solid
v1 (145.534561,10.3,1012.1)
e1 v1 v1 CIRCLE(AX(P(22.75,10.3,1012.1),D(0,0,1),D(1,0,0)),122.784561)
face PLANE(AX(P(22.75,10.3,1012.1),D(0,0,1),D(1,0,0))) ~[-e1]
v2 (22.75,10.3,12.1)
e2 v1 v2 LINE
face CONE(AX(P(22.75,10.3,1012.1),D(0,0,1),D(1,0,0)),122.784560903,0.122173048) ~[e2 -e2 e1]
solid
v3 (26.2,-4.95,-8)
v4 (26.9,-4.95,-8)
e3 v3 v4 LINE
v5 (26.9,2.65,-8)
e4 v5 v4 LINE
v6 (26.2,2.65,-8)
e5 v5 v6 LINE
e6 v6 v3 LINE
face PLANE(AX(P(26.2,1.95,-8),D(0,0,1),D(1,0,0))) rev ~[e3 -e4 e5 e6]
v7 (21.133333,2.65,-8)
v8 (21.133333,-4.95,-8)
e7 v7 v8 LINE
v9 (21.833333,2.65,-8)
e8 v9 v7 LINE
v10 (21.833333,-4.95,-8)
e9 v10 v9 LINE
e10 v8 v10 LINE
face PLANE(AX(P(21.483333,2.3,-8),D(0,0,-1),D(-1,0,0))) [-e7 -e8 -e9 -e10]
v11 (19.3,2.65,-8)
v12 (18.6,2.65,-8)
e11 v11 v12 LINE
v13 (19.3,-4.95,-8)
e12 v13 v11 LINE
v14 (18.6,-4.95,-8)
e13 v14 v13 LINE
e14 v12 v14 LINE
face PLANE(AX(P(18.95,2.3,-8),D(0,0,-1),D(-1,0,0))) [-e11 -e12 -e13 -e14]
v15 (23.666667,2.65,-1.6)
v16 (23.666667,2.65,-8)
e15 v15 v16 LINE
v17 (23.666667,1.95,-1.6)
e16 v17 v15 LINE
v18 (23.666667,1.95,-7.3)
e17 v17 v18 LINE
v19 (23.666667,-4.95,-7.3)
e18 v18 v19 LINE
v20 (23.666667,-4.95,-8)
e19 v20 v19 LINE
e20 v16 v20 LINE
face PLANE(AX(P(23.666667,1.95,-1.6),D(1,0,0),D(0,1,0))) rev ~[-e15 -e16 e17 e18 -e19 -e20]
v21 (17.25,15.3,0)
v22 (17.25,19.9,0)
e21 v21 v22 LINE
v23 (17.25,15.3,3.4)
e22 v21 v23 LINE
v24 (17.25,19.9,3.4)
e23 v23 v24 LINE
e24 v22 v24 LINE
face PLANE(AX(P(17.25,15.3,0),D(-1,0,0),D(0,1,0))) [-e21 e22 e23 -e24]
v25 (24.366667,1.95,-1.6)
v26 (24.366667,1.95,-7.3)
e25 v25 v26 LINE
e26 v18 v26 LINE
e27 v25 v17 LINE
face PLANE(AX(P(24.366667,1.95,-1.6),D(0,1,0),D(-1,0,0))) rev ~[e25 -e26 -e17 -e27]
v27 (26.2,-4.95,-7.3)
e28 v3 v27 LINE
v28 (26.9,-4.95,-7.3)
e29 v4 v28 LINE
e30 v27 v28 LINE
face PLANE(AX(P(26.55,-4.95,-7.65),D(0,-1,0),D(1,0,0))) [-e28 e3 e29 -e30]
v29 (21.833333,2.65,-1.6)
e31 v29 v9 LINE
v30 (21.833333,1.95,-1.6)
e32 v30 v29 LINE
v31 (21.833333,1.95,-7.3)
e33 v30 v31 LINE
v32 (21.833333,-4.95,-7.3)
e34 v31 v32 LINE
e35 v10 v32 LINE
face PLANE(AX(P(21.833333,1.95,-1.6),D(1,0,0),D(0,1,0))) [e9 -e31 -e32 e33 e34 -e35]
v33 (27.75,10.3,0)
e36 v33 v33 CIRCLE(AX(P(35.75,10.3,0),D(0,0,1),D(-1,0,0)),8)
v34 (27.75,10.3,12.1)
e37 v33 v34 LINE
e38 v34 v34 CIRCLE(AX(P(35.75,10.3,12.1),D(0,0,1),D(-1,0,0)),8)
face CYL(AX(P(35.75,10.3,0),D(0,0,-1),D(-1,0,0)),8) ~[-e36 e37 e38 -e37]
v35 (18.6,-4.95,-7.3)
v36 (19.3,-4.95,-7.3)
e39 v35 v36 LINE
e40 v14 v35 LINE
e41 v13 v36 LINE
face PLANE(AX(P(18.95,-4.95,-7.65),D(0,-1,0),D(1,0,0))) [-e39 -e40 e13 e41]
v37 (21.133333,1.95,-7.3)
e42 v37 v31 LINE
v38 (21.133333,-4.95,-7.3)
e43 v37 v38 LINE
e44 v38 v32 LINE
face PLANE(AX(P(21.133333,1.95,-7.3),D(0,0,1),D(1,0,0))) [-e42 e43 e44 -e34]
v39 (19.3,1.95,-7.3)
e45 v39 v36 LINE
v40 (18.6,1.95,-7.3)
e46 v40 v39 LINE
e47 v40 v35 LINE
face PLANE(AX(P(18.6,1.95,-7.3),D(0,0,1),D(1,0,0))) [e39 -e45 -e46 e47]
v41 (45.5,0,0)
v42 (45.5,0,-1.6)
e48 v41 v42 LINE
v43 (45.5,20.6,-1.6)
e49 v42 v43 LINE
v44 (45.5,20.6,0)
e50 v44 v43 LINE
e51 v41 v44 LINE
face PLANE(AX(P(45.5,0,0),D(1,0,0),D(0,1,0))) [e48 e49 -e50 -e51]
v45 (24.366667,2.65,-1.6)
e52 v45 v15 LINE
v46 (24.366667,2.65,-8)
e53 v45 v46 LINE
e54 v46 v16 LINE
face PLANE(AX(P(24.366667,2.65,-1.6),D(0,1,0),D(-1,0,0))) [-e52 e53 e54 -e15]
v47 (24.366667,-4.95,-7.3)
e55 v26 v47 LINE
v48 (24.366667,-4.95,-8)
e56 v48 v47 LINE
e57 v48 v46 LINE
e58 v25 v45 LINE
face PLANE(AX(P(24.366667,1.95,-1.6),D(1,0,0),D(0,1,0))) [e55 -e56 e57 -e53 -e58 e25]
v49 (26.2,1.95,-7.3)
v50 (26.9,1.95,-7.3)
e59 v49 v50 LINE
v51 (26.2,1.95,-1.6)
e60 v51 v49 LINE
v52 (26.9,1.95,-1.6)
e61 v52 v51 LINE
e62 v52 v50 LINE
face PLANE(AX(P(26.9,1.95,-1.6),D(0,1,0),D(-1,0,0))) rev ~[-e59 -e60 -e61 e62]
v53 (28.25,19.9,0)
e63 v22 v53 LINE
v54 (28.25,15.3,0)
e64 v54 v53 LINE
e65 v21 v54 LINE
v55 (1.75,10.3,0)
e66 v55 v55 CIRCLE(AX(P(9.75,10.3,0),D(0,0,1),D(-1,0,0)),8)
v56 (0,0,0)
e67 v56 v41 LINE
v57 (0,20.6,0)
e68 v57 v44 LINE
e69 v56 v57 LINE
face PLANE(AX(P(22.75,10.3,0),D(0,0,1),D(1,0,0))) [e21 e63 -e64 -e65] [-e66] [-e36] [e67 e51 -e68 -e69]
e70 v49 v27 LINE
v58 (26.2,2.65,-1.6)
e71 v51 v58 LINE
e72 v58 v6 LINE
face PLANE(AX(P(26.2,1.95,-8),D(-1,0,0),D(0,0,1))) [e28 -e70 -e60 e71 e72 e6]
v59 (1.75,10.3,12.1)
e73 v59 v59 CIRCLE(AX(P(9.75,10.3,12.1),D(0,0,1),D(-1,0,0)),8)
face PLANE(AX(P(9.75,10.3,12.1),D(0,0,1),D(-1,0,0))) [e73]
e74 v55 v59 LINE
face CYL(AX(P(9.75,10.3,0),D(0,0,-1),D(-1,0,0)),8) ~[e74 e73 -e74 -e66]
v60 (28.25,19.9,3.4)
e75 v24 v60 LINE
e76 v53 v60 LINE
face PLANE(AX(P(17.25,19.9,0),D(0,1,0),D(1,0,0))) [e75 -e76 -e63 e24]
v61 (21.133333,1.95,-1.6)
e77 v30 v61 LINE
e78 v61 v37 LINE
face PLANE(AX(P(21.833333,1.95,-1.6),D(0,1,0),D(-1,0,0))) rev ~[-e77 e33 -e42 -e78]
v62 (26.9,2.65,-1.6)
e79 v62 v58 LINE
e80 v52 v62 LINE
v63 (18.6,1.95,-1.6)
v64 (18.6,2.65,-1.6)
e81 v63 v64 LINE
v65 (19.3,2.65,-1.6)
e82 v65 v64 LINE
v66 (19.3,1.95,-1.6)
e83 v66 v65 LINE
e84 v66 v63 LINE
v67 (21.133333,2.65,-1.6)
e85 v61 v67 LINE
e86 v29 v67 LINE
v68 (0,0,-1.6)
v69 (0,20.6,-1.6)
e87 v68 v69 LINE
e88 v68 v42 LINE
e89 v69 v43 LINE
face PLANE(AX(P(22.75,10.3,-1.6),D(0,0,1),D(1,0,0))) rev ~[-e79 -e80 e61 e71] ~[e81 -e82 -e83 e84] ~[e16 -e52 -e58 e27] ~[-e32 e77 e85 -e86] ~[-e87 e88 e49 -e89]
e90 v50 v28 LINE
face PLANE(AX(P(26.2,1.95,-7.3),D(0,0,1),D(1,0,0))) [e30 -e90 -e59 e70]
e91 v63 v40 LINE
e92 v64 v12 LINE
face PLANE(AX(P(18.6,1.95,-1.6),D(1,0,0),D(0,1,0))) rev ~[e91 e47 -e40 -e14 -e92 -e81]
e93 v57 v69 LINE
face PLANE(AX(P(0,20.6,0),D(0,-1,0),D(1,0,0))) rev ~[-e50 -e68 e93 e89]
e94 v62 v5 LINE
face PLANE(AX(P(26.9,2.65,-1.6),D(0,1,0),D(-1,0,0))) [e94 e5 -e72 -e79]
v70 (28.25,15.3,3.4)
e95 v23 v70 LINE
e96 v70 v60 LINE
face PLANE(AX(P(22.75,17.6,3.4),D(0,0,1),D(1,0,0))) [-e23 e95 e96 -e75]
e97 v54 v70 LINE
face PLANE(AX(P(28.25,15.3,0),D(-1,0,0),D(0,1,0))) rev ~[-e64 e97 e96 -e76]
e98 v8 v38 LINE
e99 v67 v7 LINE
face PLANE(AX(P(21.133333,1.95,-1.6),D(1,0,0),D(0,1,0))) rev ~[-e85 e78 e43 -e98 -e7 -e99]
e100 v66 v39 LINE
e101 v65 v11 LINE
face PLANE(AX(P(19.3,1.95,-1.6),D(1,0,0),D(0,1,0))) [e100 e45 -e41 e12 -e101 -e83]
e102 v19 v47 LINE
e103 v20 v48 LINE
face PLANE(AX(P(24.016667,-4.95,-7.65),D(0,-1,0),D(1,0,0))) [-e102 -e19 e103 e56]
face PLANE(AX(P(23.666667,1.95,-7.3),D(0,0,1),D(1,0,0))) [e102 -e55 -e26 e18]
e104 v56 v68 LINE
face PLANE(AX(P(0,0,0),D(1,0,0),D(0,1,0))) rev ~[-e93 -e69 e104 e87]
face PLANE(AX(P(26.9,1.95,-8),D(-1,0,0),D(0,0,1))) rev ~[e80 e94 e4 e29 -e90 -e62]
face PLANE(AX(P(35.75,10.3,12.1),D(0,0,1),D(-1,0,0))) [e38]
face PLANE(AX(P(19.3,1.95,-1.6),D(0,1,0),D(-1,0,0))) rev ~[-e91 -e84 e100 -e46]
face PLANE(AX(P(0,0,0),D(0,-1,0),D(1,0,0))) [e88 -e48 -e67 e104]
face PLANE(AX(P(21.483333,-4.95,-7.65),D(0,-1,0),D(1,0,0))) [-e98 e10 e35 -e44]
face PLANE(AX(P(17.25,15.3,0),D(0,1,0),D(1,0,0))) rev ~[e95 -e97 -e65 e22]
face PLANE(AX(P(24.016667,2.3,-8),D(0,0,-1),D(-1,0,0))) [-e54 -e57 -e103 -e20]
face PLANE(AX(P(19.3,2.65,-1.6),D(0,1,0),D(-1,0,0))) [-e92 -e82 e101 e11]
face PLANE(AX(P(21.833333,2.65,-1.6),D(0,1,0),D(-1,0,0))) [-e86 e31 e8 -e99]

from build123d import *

# Parameters (mm, degrees)
SKIZZE1_W                       = 45.5
SKIZZE1_H                       = 20.6
AUFSATZ_LINEAR_AUSTRAGEN1_DEPTH = 1.6
SKIZZE2_R                       = 8
AUFSATZ_LINEAR_AUSTRAGEN2_DEPTH = 12.1
SKIZZE3_W                       = 11
SKIZZE3_H                       = 4.6
AUFSATZ_LINEAR_AUSTRAGEN3_DEPTH = 3.4
SKIZZE4_W                       = 0.7
SKIZZE4_H                       = 0.7
AUFSATZ_LINEAR_AUSTRAGEN4_DEPTH = 6.4
SKIZZE5_W                       = 0.7
SKIZZE5_H                       = 0.7
AUFSATZ_LINEAR_AUSTRAGEN5_DEPTH = 6.9


with BuildPart() as part:
    # Skizze1 → Aufsatz-Linear austragen1 (new body)
    with BuildSketch(Plane.XY):
        with Locations((22.75, 10.3)):
            Rectangle(SKIZZE1_W, SKIZZE1_H)
    extrude(amount=-AUFSATZ_LINEAR_AUSTRAGEN1_DEPTH)

    # Skizze2 → Aufsatz-Linear austragen2 (add)
    with BuildSketch(Plane.XY):
        with Locations(Location((9.75, 10.3, 0), (0, 0, 180))):
            Circle(SKIZZE2_R)
        with Locations(Location((35.75, 10.3, 0), (0, 0, 180))):
            Circle(SKIZZE2_R)
    extrude(amount=AUFSATZ_LINEAR_AUSTRAGEN2_DEPTH)

    # Skizze3 → Aufsatz-Linear austragen3 (add)
    with BuildSketch(Plane.XY):
        with Locations((22.75, 17.6)):
            Rectangle(SKIZZE3_W, SKIZZE3_H)
    extrude(amount=AUFSATZ_LINEAR_AUSTRAGEN3_DEPTH)

    # Skizze4 → Aufsatz-Linear austragen4 (add)
    with BuildSketch(Plane(origin=(0, 0, -1.6), x_dir=(-1, 0, 0), z_dir=(0, 0, -1))):
        with Locations((-26.55, 2.3)):
            Rectangle(SKIZZE4_W, SKIZZE4_H)
        with Locations((-24.016666667, 2.3)):
            Rectangle(SKIZZE4_W, SKIZZE4_H)
        with Locations((-21.483333333, 2.3)):
            Rectangle(SKIZZE4_W, SKIZZE4_H)
        with Locations((-18.95, 2.3)):
            Rectangle(SKIZZE4_W, SKIZZE4_H)
    extrude(amount=AUFSATZ_LINEAR_AUSTRAGEN4_DEPTH)

    # Skizze5 → Aufsatz-Linear austragen5 (add)
    with BuildSketch(Plane.XZ.offset(-1.95)):
        with Locations((26.55, -7.65)):
            Rectangle(SKIZZE5_W, SKIZZE5_H)
        with Locations((24.016666667, -7.65)):
            Rectangle(SKIZZE5_W, SKIZZE5_H)
        with Locations((21.483333333, -7.65)):
            Rectangle(SKIZZE5_W, SKIZZE5_H)
        with Locations((18.95, -7.65)):
            Rectangle(SKIZZE5_W, SKIZZE5_H)
    extrude(amount=AUFSATZ_LINEAR_AUSTRAGEN5_DEPTH)


with BuildPart() as body_2:
    # Skizze6 → Rotation2 (revolve)
    with BuildSketch(Plane.ZY.offset(-22.75), mode=Mode.PRIVATE) as rotation2_sk:
        Polygon((12.1, 10.3), (1012.1, 10.3), (1012.1, -112.484560903), align=None)
    revolve(rotation2_sk.sketch.rotate(Axis((22.75, 10.3, 12.1), (0, 0, 1)), 90), axis=Axis((22.75, 10.3, 12.1), (0, 0, 1)))


solid = Compound([part.part, body_2.part])
